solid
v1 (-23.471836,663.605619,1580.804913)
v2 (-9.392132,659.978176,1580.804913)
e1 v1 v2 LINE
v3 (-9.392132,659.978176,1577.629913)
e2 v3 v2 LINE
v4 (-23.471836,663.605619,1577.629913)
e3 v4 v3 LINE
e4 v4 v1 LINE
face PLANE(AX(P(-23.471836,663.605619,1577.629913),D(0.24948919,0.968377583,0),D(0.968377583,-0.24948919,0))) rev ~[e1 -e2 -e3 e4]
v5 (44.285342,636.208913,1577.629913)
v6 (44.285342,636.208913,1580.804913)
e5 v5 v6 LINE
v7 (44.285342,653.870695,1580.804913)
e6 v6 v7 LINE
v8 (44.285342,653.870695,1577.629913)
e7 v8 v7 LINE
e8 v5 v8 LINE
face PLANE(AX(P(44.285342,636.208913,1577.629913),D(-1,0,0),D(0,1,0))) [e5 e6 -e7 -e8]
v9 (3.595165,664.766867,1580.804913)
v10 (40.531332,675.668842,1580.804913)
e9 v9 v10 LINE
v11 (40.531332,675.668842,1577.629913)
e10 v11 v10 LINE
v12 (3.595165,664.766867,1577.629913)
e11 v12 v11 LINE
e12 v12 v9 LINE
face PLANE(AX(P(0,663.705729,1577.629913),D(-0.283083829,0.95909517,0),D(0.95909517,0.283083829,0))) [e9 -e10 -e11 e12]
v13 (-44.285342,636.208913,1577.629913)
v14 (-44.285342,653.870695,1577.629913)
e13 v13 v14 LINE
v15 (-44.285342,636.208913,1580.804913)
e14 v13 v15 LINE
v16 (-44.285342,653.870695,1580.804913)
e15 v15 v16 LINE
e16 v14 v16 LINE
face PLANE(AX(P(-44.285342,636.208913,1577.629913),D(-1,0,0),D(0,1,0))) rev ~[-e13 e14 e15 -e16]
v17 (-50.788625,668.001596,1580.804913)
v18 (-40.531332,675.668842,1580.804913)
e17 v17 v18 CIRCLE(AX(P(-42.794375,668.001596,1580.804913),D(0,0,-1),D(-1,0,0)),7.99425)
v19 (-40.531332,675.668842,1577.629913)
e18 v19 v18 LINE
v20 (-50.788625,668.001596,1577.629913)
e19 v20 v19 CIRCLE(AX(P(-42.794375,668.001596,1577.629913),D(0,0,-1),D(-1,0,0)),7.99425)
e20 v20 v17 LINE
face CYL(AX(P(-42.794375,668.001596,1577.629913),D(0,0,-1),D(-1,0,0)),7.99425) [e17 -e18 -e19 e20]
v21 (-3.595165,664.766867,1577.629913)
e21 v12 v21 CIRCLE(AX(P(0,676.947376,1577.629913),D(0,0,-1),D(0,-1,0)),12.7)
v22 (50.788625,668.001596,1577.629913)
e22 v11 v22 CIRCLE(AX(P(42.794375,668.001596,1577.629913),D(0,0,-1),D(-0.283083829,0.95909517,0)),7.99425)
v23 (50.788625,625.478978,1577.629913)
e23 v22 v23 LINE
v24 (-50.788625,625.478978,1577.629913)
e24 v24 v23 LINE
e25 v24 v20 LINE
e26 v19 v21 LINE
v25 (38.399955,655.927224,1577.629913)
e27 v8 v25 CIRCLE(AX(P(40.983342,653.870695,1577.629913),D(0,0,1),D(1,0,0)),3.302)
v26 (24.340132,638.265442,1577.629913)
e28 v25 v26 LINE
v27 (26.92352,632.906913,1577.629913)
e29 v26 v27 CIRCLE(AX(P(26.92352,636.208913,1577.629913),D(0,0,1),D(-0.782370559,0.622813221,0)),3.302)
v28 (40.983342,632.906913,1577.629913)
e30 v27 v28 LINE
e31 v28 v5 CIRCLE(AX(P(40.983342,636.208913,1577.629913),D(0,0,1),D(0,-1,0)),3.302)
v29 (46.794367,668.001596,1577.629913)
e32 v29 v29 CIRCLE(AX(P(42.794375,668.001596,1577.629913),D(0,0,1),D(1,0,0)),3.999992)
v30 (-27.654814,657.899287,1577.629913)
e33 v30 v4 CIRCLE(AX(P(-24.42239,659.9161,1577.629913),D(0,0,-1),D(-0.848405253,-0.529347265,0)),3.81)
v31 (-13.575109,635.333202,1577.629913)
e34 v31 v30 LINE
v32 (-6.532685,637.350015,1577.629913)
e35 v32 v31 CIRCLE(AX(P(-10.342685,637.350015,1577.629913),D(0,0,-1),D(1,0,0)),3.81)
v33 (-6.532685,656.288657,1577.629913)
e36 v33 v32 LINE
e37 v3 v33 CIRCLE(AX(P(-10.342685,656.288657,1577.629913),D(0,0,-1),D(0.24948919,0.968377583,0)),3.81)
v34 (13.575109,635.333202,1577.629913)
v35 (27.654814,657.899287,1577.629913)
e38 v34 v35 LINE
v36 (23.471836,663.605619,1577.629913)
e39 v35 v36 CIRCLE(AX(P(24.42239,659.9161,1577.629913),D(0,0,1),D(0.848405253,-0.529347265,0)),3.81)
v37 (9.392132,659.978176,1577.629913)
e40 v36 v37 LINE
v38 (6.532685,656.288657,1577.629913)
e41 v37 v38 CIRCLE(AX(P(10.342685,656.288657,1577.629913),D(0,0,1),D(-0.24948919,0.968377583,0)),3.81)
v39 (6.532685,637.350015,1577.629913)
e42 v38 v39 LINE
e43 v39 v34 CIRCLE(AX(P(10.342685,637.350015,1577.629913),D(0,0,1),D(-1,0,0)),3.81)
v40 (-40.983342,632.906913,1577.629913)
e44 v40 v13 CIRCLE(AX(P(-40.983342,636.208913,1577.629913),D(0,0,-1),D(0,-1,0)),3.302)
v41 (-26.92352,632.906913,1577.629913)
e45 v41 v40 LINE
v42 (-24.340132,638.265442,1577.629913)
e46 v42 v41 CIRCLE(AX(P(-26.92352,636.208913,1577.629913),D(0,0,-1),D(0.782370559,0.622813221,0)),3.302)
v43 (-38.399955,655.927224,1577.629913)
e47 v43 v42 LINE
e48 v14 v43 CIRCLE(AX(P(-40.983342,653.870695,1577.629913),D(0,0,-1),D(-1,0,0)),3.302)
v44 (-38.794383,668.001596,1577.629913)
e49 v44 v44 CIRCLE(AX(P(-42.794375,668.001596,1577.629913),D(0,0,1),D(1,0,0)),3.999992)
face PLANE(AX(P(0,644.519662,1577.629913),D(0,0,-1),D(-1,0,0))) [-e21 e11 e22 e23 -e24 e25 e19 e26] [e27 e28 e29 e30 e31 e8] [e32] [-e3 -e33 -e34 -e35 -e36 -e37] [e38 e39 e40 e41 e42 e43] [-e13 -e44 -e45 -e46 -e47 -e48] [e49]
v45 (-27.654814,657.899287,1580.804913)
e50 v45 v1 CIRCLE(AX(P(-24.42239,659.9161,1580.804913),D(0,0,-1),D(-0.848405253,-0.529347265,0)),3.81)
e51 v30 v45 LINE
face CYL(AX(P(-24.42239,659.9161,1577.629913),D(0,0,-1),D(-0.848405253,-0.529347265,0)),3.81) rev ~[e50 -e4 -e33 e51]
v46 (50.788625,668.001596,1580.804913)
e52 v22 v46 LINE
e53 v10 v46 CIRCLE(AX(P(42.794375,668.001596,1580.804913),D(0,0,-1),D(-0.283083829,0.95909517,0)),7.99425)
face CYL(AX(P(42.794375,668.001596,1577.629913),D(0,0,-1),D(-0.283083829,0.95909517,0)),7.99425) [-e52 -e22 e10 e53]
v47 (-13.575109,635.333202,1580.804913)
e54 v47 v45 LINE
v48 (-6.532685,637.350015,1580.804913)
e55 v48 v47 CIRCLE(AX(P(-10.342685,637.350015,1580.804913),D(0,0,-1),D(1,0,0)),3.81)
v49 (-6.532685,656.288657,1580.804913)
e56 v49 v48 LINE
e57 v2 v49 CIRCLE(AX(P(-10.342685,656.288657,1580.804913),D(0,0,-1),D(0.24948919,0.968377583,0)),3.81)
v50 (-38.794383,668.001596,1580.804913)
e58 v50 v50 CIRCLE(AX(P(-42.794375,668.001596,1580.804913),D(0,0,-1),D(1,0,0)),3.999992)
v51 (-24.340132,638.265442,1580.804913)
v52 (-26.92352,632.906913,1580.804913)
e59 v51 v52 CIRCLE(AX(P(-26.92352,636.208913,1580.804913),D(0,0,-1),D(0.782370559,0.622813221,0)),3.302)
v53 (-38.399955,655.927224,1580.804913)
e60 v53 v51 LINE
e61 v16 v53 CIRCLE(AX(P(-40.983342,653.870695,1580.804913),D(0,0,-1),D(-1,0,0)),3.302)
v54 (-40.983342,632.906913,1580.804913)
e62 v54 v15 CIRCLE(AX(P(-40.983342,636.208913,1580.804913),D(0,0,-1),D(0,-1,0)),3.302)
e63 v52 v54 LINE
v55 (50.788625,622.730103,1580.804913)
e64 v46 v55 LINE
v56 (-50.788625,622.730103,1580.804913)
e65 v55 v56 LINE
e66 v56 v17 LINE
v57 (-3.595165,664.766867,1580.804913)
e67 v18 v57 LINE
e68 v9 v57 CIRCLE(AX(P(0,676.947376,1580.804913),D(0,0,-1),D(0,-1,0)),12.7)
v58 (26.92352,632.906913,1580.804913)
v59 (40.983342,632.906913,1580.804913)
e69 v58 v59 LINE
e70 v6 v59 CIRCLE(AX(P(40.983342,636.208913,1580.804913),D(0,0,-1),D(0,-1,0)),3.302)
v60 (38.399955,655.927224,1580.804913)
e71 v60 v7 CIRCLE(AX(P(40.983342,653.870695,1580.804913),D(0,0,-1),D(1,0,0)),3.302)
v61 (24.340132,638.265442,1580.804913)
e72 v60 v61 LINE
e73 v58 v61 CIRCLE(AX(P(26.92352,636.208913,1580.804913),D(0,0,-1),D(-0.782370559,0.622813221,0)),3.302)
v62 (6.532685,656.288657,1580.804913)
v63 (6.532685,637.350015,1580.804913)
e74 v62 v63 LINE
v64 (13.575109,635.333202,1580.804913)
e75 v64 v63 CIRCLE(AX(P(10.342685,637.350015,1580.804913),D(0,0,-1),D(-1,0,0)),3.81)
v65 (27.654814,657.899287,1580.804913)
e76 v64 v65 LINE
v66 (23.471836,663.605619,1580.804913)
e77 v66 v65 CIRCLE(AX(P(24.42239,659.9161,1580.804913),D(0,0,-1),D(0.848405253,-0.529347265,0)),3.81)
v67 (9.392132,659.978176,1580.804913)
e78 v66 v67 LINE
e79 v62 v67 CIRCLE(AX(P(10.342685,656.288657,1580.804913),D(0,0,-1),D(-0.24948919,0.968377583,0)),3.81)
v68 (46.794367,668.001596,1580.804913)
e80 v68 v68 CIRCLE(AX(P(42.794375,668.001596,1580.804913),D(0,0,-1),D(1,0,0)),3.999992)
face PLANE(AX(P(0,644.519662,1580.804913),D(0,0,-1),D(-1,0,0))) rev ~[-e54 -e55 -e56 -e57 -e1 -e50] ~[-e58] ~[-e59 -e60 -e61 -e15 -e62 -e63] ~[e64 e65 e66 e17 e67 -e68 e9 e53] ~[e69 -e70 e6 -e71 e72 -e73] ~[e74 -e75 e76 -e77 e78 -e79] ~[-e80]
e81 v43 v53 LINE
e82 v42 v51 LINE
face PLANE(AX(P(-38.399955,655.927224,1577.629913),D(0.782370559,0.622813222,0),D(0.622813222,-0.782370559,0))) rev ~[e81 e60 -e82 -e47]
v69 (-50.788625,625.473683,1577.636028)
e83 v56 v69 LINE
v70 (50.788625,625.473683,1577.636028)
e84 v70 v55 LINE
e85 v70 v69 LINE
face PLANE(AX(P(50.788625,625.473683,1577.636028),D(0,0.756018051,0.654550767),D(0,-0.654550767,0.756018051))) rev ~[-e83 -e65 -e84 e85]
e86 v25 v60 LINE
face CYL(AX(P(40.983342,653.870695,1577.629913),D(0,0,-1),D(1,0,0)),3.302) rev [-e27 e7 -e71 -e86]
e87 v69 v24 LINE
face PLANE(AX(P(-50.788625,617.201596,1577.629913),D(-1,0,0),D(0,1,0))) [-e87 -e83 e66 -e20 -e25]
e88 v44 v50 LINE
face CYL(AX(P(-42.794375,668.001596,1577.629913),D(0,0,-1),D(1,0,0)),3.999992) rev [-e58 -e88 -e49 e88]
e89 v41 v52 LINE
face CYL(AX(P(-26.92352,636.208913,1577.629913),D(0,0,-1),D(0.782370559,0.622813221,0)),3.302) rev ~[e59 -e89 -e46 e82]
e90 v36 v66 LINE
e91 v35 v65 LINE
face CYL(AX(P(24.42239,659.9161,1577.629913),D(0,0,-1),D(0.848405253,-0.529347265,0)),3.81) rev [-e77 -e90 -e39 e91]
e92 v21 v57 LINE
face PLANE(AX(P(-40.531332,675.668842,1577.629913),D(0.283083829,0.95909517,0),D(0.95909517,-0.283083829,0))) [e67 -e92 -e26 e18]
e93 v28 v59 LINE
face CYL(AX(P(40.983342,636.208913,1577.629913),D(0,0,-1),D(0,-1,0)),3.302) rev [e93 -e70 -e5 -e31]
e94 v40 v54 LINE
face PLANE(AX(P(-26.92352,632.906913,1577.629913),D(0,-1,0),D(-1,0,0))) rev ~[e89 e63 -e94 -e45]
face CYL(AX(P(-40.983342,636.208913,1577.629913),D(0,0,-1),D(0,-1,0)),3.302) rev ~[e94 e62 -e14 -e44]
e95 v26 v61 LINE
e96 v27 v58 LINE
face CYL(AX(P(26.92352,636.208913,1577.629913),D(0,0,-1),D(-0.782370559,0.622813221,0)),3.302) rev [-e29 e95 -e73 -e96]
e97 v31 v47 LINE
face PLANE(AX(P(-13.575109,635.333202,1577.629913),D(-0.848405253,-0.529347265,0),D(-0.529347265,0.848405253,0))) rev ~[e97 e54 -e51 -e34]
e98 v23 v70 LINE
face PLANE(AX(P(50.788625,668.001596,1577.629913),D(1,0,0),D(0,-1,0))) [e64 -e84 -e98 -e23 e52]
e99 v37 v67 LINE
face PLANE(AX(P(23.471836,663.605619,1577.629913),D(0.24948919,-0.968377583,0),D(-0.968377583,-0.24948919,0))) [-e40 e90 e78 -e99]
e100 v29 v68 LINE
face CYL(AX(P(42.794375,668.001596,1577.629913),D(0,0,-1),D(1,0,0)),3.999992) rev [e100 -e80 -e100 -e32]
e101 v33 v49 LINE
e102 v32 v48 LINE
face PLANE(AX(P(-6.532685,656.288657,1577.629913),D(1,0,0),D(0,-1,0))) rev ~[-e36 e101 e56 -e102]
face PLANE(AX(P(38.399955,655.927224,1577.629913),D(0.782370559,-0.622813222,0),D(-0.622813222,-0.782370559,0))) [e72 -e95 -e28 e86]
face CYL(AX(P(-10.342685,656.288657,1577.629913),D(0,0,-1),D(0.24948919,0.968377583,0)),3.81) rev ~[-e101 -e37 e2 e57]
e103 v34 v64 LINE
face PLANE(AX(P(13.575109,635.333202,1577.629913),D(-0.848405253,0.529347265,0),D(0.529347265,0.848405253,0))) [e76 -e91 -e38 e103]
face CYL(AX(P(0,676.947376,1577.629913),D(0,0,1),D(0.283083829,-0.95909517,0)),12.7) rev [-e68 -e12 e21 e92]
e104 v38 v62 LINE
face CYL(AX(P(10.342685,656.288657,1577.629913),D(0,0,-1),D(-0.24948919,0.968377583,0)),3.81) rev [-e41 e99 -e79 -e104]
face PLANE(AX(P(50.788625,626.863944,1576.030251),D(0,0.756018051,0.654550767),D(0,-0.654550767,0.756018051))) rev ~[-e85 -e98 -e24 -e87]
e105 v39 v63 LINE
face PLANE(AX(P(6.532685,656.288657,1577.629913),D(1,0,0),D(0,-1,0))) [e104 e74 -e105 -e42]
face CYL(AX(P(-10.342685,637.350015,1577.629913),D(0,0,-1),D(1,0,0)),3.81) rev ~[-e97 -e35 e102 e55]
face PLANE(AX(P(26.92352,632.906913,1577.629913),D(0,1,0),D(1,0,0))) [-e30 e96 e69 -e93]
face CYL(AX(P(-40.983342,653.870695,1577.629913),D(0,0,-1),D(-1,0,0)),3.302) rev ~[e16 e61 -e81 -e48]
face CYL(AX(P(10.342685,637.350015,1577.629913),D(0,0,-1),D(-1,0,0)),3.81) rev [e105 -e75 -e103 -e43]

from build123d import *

# Parameters (mm, degrees)
BOSS_EXTRUDE1_DEPTH = 3.175
SKETCH1_8_R         = 3.999992
CUT_EXTRUDE1_DEPTH  = 20.701
SKETCH1_9_R         = 3.999992
CUT_EXTRUDE2_DEPTH  = 19.431
CUT_EXTRUDE8_DEPTH  = 20.193
FILLET1_R           = 12.7
CUT_EXTRUDE9_DEPTH  = 126.238


with BuildPart() as part:
    # Sketch1 → Boss-Extrude1 (new body)
    with BuildSketch(Plane.XY.offset(1577.629912845)):
        with BuildLine():
            Line((50.788624607, 668.00159627), (50.788624607, 617.20159627))
            Line((50.788624607, 617.20159627), (-50.788624607, 617.20159627))
            Line((-50.788624607, 617.20159627), (-50.788624607, 668.00159627))
            ThreePointArc((-50.788624607, 668.00159627), (-47.580641699, 674.404695353), (-40.531332209, 675.668842459))
            Line((-40.531332209, 675.668842459), (0, 663.705728602))
            Line((0, 663.705728602), (40.531332209, 675.668842459))
            ThreePointArc((40.531332209, 675.668842459), (47.580641699, 674.404695353), (50.788624607, 668.00159627))
        make_face()
    extrude(amount=BOSS_EXTRUDE1_DEPTH)

    # Sketch1<8> → Cut-Extrude1 (cut)
    with BuildSketch(Plane.XY.offset(1577.629912845)):
        with Locations((42.794374999, 668.00159627)):
            Circle(SKETCH1_8_R)
    extrude(amount=CUT_EXTRUDE1_DEPTH, mode=Mode.SUBTRACT)

    # Sketch1<9> → Cut-Extrude2 (cut)
    with BuildSketch(Plane.XY.offset(1577.629912845)):
        with Locations((-42.794374999, 668.00159627)):
            Circle(SKETCH1_9_R)
    extrude(amount=CUT_EXTRUDE2_DEPTH, mode=Mode.SUBTRACT)

    # Sketch1<17> → Cut-Extrude8 (cut)
    with BuildSketch(Plane.XY.offset(1577.629912845)):
        with BuildLine():
            Line((13.57510941, 635.333202119), (27.654813941, 657.899286932))
            ThreePointArc((27.654813941, 657.899286932), (27.495220576, 662.168612345), (23.471836113, 663.605618605))
            Line((23.471836113, 663.605618605), (9.392131582, 659.978176021))
            ThreePointArc((9.392131582, 659.978176021), (7.331231426, 658.6225908), (6.532685397, 656.288657429))
            Line((6.532685397, 656.288657429), (6.532685397, 637.350015199))
            ThreePointArc((6.532685397, 637.350015199), (9.293741997, 633.687254253), (13.57510941, 635.333202119))
        make_face()
        with BuildLine():
            Line((38.399954792, 655.927224031), (24.340132355, 638.265442375))
            ThreePointArc((24.340132355, 638.265442375), (23.94914071, 634.774942338), (26.92351994, 632.906913117))
            Line((26.92351994, 632.906913117), (40.983342377, 632.906913117))
            ThreePointArc((40.983342377, 632.906913117), (43.318208968, 633.874046526), (44.285342377, 636.208913117))
            Line((44.285342377, 636.208913117), (44.285342377, 653.870694774))
            ThreePointArc((44.285342377, 653.870694774), (42.072575638, 656.987868959), (38.399954792, 655.927224031))
        make_face()
        with BuildLine():
            Line((-44.285342377, 636.208913117), (-44.285342377, 653.870694774))
            ThreePointArc((-44.285342377, 653.870694774), (-42.072575638, 656.987868959), (-38.399954792, 655.927224031))
            Line((-38.399954792, 655.927224031), (-24.340132355, 638.265442375))
            ThreePointArc((-24.340132355, 638.265442375), (-23.94914071, 634.774942338), (-26.92351994, 632.906913117))
            Line((-26.92351994, 632.906913117), (-40.983342377, 632.906913117))
            ThreePointArc((-40.983342377, 632.906913117), (-43.318208968, 633.874046526), (-44.285342377, 636.208913117))
        make_face()
        with BuildLine():
            Line((-6.532685397, 656.288657429), (-6.532685397, 637.350015199))
            ThreePointArc((-6.532685397, 637.350015199), (-9.293741997, 633.687254253), (-13.57510941, 635.333202119))
            Line((-13.57510941, 635.333202119), (-27.654813941, 657.899286932))
            ThreePointArc((-27.654813941, 657.899286932), (-27.495220576, 662.168612345), (-23.471836113, 663.605618605))
            Line((-23.471836113, 663.605618605), (-9.392131582, 659.978176021))
            ThreePointArc((-9.392131582, 659.978176021), (-7.331231426, 658.6225908), (-6.532685397, 656.288657429))
        make_face()
    extrude(amount=CUT_EXTRUDE8_DEPTH, mode=Mode.SUBTRACT)

    # Fillet1
    fillet1_edges = [part.edges().sort_by_distance(p)[0] for p in [
        (0, 663.705728602, 1579.217412845),
    ]]
    fillet(fillet1_edges, radius=FILLET1_R)

    # Sketch5 → Cut-Extrude9 (cut)
    with BuildSketch(Plane(origin=(50.788624607, 0, 0), x_dir=(0, 0, -1), z_dir=(1, 0, 0))):
        Polygon((-1577.636028368, 625.473682851), (-1580.804912845, 622.730103166), (-1584.510921517, 619.521488216), (-1584.510921517, 612.304065089), (-1576.030251426, 612.304065089), (-1576.030251426, 626.863944008), align=None)
    extrude(amount=-CUT_EXTRUDE9_DEPTH, mode=Mode.SUBTRACT)


solid = part.part
